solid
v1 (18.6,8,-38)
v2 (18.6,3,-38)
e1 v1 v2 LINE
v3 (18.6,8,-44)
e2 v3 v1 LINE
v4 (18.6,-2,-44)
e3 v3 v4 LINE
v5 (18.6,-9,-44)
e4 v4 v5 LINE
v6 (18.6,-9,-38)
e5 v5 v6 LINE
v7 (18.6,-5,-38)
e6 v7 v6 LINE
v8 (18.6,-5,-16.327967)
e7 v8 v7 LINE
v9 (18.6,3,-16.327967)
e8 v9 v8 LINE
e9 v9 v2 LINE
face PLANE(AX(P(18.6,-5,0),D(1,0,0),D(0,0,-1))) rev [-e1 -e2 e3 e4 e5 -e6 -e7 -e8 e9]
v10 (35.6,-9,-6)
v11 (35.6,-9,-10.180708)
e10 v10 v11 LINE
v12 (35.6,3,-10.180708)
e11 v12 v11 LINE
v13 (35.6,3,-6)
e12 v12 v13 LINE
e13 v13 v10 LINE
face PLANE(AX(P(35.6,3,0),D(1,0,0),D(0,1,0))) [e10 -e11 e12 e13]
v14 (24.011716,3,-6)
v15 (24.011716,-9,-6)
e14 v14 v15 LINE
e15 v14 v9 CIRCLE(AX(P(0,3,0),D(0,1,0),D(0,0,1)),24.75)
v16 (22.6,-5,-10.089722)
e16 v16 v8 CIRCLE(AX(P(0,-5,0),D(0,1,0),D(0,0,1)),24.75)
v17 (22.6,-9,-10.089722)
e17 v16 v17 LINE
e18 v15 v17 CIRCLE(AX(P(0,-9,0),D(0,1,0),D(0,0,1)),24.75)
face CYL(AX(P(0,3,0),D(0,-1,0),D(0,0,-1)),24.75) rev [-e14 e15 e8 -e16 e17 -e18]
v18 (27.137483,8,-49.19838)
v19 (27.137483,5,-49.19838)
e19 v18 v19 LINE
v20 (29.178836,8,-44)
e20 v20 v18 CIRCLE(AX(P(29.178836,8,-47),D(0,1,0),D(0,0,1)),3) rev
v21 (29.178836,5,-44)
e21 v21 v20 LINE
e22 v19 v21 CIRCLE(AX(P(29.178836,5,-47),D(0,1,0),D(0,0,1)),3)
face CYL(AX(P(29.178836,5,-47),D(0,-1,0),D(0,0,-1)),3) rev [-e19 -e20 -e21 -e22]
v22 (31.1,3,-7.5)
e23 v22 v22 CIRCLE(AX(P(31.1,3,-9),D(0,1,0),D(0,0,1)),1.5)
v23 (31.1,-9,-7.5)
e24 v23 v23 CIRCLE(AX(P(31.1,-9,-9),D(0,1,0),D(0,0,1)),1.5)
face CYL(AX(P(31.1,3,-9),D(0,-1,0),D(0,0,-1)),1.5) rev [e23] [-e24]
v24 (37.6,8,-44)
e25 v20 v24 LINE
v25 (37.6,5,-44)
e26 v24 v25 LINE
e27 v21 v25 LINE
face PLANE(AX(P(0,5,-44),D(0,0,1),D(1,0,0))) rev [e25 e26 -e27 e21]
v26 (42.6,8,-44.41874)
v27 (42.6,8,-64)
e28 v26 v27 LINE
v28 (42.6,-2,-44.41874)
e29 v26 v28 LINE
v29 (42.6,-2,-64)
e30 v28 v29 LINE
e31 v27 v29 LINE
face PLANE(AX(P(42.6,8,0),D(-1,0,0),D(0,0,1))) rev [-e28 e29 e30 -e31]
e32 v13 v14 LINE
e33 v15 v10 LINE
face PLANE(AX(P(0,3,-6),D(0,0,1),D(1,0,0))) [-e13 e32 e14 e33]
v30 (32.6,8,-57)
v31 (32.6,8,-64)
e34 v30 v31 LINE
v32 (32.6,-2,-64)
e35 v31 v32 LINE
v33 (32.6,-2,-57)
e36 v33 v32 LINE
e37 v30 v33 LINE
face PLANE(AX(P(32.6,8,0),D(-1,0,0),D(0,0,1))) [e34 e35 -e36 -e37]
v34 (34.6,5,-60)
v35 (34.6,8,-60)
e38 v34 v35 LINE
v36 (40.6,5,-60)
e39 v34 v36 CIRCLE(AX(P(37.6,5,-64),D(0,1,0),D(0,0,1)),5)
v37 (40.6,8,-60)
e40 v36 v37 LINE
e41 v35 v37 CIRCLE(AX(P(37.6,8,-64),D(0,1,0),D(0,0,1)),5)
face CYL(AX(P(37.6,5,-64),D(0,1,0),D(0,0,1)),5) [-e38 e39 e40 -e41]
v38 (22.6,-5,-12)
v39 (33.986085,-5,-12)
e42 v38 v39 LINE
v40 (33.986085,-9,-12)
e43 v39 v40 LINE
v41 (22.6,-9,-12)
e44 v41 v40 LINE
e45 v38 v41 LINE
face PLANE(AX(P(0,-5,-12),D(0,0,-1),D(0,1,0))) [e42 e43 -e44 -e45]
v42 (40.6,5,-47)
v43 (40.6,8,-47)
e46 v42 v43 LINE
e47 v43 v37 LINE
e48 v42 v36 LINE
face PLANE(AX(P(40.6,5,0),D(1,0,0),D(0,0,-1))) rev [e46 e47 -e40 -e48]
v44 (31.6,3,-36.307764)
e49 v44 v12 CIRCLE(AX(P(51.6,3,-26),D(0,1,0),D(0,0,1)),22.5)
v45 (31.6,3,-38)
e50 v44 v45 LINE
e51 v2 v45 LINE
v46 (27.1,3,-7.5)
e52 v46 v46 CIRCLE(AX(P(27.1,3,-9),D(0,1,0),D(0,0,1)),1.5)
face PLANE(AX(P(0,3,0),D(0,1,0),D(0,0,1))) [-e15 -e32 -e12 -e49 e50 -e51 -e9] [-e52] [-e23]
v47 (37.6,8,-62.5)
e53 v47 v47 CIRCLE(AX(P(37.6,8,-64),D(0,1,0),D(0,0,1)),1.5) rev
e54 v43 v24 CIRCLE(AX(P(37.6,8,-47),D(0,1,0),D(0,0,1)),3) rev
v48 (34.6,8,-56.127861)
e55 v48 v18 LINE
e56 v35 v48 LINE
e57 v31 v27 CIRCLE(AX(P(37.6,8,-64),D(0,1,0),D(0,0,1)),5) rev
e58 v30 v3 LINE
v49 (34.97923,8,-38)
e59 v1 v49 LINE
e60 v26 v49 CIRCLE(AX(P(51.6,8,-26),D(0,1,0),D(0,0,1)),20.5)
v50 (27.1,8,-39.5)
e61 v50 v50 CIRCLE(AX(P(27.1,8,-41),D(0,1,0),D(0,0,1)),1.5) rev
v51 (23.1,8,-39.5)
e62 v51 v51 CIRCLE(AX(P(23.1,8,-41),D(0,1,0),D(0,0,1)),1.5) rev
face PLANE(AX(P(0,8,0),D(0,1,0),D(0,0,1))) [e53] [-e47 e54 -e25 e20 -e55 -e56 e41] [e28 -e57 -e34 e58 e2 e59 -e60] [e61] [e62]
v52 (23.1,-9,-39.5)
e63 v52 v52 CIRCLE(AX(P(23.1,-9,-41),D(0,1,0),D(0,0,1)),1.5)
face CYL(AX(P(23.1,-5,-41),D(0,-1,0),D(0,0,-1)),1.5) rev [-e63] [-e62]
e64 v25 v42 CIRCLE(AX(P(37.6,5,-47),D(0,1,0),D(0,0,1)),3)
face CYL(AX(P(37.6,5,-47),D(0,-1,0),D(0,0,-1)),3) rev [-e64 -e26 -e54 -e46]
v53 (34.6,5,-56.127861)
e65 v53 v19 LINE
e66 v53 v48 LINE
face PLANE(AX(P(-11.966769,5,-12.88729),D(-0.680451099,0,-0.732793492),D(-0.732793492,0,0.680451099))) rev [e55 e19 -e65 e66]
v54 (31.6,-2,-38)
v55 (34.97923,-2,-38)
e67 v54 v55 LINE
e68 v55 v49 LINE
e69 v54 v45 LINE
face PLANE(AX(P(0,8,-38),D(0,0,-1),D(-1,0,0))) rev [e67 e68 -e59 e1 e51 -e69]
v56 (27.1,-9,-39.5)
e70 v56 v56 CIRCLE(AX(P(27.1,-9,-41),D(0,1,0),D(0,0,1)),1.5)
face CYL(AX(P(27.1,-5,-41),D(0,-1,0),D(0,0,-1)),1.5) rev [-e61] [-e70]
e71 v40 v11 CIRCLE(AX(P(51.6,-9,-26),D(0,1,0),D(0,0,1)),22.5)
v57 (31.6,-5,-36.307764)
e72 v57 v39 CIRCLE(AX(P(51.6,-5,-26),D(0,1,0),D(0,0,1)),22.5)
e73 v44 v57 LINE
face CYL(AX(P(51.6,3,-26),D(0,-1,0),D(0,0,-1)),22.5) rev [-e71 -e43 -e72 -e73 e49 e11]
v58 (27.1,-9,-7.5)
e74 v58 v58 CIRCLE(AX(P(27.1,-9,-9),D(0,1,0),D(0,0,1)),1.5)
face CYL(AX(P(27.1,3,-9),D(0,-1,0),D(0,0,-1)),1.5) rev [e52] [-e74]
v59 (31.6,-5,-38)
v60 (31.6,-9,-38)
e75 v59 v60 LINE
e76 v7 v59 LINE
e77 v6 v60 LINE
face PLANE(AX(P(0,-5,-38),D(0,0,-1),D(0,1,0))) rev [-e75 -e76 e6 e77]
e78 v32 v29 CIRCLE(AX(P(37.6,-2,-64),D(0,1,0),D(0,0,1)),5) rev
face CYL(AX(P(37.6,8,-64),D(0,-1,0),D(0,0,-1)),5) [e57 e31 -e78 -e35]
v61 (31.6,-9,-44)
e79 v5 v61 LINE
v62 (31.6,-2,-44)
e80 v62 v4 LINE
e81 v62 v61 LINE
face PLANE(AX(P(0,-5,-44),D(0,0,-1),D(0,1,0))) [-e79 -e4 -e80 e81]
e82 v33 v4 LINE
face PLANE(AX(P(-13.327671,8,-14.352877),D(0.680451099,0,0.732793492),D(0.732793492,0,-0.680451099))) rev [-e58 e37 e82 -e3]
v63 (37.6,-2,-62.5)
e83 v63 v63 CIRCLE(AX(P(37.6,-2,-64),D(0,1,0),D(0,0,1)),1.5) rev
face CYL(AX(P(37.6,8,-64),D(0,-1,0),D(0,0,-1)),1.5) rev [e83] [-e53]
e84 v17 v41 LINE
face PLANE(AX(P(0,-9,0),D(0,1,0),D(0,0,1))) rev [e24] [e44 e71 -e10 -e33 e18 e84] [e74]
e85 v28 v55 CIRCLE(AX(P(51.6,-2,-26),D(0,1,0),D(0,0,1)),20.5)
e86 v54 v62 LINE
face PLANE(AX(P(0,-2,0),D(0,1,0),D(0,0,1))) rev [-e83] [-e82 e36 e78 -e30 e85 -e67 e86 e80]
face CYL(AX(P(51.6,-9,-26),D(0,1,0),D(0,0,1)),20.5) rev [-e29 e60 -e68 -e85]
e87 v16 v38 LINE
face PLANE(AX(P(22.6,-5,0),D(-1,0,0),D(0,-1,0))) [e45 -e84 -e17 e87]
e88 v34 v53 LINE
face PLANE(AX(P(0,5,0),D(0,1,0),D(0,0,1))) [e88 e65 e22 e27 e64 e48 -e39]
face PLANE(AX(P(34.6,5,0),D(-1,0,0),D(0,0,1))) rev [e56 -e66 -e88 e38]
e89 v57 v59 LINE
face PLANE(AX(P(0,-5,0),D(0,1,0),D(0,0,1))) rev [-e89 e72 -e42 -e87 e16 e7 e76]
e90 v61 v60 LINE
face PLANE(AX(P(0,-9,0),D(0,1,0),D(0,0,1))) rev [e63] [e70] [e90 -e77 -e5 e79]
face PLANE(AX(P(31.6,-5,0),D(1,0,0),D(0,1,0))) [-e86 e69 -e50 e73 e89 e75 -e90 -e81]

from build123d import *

# Parameters (mm, degrees)
SKETCH1_W               = 13
SKETCH1_H               = 6
SKETCH1_R               = 1.5
BOSS_EXTRUDE1_DEPTH     = 4
BOSS_EXTRUDE1_2_DEPTH   = 4
BOSS_EXTRUDE2_START     = 4
SKETCH1_4_R             = 1.5
SKETCH1_4_W             = 13
SKETCH1_4_H             = 6
BOSS_EXTRUDE2_DEPTH     = 8
SKETCH2_R               = 1.5
BOSS_EXTRUDE3_DEPTH     = 5
SKETCH2_3_R             = 1.5
BOSS_EXTRUDE4_DEPTH     = 5
CUT_EXTRUDE1_DEPTH      = 3
FILLET3_R               = 3
SKETCH4_R               = 20.5
CUT_EXTRUDE2_DEPTH      = 6
CUT_EXTRUDE2_DEPTH_BACK = 13


with BuildPart() as part:
    # Sketch1 → Boss-Extrude1 (new body)
    with BuildSketch(Plane(origin=(0, -9, 0), x_dir=(1, 0, 0), z_dir=(0, 1, 0))):
        with Locations((25.1, 41)):
            Rectangle(SKETCH1_W, SKETCH1_H)
        with Locations((27.1, 41)):
            Circle(SKETCH1_R, mode=Mode.SUBTRACT)
        with Locations((23.1, 41)):
            Circle(SKETCH1_R, mode=Mode.SUBTRACT)
    extrude(amount=BOSS_EXTRUDE1_DEPTH)



with BuildPart() as body_2:
    # Sketch1 → Boss-Extrude1 2 (new body)
    with BuildSketch(Plane(origin=(0, -9, 0), x_dir=(1, 0, 0), z_dir=(0, 1, 0))):
        with BuildLine():
            ThreePointArc((22.6, 10.089722494), (23.395394249, 8.075767946), (24.01171589, 6))
            Line((24.01171589, 6), (35.6, 6))
            Line((35.6, 6), (35.6, 10.18070798))
            ThreePointArc((35.6, 10.18070798), (34.768444056, 11.068532406), (33.986085046, 12))
            Line((33.986085046, 12), (31.6, 12))
            Line((31.6, 12), (22.6, 12))
            Line((22.6, 12), (22.6, 10.089722494))
        make_face()
        with Locations((27.1, 9)):
            Circle(SKETCH1_R, mode=Mode.SUBTRACT)
        with Locations((31.1, 9)):
            Circle(SKETCH1_R, mode=Mode.SUBTRACT)
    extrude(amount=BOSS_EXTRUDE1_2_DEPTH)


with BuildPart() as part_1:
    add(part.part)

    add(body_2.part)  # Boss-Extrude2 merges body 2
    # Sketch1<4> → Boss-Extrude2 (add)
    with BuildSketch(Plane(origin=(0, -9, 0), x_dir=(1, 0, 0), z_dir=(0, 1, 0)).offset(BOSS_EXTRUDE2_START)):
        with BuildLine():
            ThreePointArc((22.6, 10.089722494), (23.395394249, 8.075767946), (24.01171589, 6))
            Line((24.01171589, 6), (35.6, 6))
            Line((35.6, 6), (35.6, 10.18070798))
            ThreePointArc((35.6, 10.18070798), (34.768444056, 11.068532406), (33.986085046, 12))
            Line((33.986085046, 12), (31.6, 12))
            Line((31.6, 12), (22.6, 12))
            Line((22.6, 12), (22.6, 10.089722494))
        make_face()
        with Locations((27.1, 9)):
            Circle(SKETCH1_4_R, mode=Mode.SUBTRACT)
        with Locations((31.1, 9)):
            Circle(SKETCH1_4_R, mode=Mode.SUBTRACT)
        with BuildLine():
            Line((21.646304534, 12), (22.6, 12))
            Line((22.6, 12), (31.6, 12))
            Line((31.6, 12), (31.6, 15.692235936))
            ThreePointArc((31.6, 15.692235936), (29.1, 26), (31.6, 36.307764064))
            Line((31.6, 36.307764064), (31.6, 38))
            Line((31.6, 38), (18.6, 38))
            Line((18.6, 38), (18.6, 16.327966805))
            ThreePointArc((18.6, 16.327966805), (20.239171953, 14.245645604), (21.646304534, 12))
        make_face()
        with BuildLine():
            Line((31.6, 15.692235936), (31.6, 12))
            Line((31.6, 12), (33.986085046, 12))
            ThreePointArc((33.986085046, 12), (32.702650951, 13.787702963), (31.6, 15.692235936))
        make_face()
        with BuildLine():
            ThreePointArc((21.646304534, 12), (22.143761114, 11.055150099), (22.6, 10.089722494))
            Line((22.6, 10.089722494), (22.6, 12))
            Line((22.6, 12), (21.646304534, 12))
        make_face()
        with Locations((25.1, 41)):
            Rectangle(SKETCH1_4_W, SKETCH1_4_H)
        with Locations((27.1, 41)):
            Circle(SKETCH1_4_R, mode=Mode.SUBTRACT)
        with Locations((23.1, 41)):
            Circle(SKETCH1_4_R, mode=Mode.SUBTRACT)
    extrude(amount=BOSS_EXTRUDE2_DEPTH)

    # Sketch2 → Boss-Extrude3 (add)
    with BuildSketch(Plane(origin=(0, 3, 0), x_dir=(1, 0, 0), z_dir=(0, 1, 0))):
        with BuildLine():
            ThreePointArc((32.6, 64), (37.6, 69), (42.6, 64))
            Line((42.6, 64), (42.6, 43))
            ThreePointArc((42.6, 43), (37.6, 38), (32.6, 43))
            Line((32.6, 43), (32.6, 64))
        make_face()
        with Locations((37.6, 64)):
            Circle(SKETCH2_R, mode=Mode.SUBTRACT)
        Polygon((24.675471698, 49.641509434), (30.1, 44), (31.6, 44), (32.6, 44), (32.6, 57), align=None)
        Polygon((24.675471698, 49.641509434), (18.6, 44), (30.1, 44), align=None)
        Polygon((30.1, 44), (18.6, 44), (18.6, 38), (31.6, 38), (31.6, 44), align=None)
        with Locations((23.1, 41)):
            Circle(SKETCH2_R, mode=Mode.SUBTRACT)
        with Locations((27.1, 41)):
            Circle(SKETCH2_R, mode=Mode.SUBTRACT)
        with BuildLine():
            Line((32.6, 43), (32.6, 38))
            Line((32.6, 38), (37.6, 38))
            ThreePointArc((37.6, 38), (34.064466094, 39.464466094), (32.6, 43))
        make_face()
        Polygon((32.6, 44), (31.6, 44), (31.6, 38), (32.6, 38), (32.6, 43), align=None)
    extrude(amount=BOSS_EXTRUDE3_DEPTH)

    # Sketch2<3> → Boss-Extrude4 (add)
    with BuildSketch(Plane(origin=(0, 3, 0), x_dir=(1, 0, 0), z_dir=(0, 1, 0))):
        with BuildLine():
            ThreePointArc((32.6, 64), (37.6, 69), (42.6, 64))
            Line((42.6, 64), (42.6, 43))
            ThreePointArc((42.6, 43), (37.6, 38), (32.6, 43))
            Line((32.6, 43), (32.6, 64))
        make_face()
        with Locations((37.6, 64)):
            Circle(SKETCH2_3_R, mode=Mode.SUBTRACT)
        Polygon((24.675471698, 49.641509434), (30.1, 44), (31.6, 44), (32.6, 44), (32.6, 57), align=None)
        Polygon((24.675471698, 49.641509434), (18.6, 44), (30.1, 44), align=None)
        Polygon((32.6, 44), (31.6, 44), (31.6, 38), (32.6, 38), (32.6, 43), align=None)
        with BuildLine():
            Line((32.6, 43), (32.6, 38))
            Line((32.6, 38), (37.6, 38))
            ThreePointArc((37.6, 38), (34.064466094, 39.464466094), (32.6, 43))
        make_face()
    extrude(amount=-BOSS_EXTRUDE4_DEPTH)

    # Sketch3 → Cut-Extrude1 (cut)
    with BuildSketch(Plane(origin=(0, 8, 0), x_dir=(1, 0, 0), z_dir=(0, 1, 0))):
        with BuildLine():
            Line((34.6, 60), (34.6, 56.127860975))
            Line((34.6, 56.127860975), (21.539226642, 44))
            Line((21.539226642, 44), (40.6, 44))
            Line((40.6, 44), (40.6, 60))
            ThreePointArc((40.6, 60), (37.6, 59), (34.6, 60))
        make_face()
    extrude(amount=-CUT_EXTRUDE1_DEPTH, mode=Mode.SUBTRACT)

    # Fillet3
    fillet3_edges = [part_1.edges().sort_by_distance(p)[0] for p in [
        (40.6, 6.5, -44),
        (21.539226642, 6.5, -44),
    ]]
    fillet(fillet3_edges, radius=FILLET3_R)

    # Sketch4 → Cut-Extrude2 (cut, two sides)
    with BuildSketch(Plane(origin=(0, 3, 0), x_dir=(1, 0, 0), z_dir=(0, 1, 0))) as cut_extrude2_sk:
        with Locations((51.6, 26)):
            Circle(SKETCH4_R)
    extrude(amount=CUT_EXTRUDE2_DEPTH, mode=Mode.SUBTRACT)
    extrude(cut_extrude2_sk.sketch, amount=-CUT_EXTRUDE2_DEPTH_BACK, mode=Mode.SUBTRACT)


solid = part_1.part
